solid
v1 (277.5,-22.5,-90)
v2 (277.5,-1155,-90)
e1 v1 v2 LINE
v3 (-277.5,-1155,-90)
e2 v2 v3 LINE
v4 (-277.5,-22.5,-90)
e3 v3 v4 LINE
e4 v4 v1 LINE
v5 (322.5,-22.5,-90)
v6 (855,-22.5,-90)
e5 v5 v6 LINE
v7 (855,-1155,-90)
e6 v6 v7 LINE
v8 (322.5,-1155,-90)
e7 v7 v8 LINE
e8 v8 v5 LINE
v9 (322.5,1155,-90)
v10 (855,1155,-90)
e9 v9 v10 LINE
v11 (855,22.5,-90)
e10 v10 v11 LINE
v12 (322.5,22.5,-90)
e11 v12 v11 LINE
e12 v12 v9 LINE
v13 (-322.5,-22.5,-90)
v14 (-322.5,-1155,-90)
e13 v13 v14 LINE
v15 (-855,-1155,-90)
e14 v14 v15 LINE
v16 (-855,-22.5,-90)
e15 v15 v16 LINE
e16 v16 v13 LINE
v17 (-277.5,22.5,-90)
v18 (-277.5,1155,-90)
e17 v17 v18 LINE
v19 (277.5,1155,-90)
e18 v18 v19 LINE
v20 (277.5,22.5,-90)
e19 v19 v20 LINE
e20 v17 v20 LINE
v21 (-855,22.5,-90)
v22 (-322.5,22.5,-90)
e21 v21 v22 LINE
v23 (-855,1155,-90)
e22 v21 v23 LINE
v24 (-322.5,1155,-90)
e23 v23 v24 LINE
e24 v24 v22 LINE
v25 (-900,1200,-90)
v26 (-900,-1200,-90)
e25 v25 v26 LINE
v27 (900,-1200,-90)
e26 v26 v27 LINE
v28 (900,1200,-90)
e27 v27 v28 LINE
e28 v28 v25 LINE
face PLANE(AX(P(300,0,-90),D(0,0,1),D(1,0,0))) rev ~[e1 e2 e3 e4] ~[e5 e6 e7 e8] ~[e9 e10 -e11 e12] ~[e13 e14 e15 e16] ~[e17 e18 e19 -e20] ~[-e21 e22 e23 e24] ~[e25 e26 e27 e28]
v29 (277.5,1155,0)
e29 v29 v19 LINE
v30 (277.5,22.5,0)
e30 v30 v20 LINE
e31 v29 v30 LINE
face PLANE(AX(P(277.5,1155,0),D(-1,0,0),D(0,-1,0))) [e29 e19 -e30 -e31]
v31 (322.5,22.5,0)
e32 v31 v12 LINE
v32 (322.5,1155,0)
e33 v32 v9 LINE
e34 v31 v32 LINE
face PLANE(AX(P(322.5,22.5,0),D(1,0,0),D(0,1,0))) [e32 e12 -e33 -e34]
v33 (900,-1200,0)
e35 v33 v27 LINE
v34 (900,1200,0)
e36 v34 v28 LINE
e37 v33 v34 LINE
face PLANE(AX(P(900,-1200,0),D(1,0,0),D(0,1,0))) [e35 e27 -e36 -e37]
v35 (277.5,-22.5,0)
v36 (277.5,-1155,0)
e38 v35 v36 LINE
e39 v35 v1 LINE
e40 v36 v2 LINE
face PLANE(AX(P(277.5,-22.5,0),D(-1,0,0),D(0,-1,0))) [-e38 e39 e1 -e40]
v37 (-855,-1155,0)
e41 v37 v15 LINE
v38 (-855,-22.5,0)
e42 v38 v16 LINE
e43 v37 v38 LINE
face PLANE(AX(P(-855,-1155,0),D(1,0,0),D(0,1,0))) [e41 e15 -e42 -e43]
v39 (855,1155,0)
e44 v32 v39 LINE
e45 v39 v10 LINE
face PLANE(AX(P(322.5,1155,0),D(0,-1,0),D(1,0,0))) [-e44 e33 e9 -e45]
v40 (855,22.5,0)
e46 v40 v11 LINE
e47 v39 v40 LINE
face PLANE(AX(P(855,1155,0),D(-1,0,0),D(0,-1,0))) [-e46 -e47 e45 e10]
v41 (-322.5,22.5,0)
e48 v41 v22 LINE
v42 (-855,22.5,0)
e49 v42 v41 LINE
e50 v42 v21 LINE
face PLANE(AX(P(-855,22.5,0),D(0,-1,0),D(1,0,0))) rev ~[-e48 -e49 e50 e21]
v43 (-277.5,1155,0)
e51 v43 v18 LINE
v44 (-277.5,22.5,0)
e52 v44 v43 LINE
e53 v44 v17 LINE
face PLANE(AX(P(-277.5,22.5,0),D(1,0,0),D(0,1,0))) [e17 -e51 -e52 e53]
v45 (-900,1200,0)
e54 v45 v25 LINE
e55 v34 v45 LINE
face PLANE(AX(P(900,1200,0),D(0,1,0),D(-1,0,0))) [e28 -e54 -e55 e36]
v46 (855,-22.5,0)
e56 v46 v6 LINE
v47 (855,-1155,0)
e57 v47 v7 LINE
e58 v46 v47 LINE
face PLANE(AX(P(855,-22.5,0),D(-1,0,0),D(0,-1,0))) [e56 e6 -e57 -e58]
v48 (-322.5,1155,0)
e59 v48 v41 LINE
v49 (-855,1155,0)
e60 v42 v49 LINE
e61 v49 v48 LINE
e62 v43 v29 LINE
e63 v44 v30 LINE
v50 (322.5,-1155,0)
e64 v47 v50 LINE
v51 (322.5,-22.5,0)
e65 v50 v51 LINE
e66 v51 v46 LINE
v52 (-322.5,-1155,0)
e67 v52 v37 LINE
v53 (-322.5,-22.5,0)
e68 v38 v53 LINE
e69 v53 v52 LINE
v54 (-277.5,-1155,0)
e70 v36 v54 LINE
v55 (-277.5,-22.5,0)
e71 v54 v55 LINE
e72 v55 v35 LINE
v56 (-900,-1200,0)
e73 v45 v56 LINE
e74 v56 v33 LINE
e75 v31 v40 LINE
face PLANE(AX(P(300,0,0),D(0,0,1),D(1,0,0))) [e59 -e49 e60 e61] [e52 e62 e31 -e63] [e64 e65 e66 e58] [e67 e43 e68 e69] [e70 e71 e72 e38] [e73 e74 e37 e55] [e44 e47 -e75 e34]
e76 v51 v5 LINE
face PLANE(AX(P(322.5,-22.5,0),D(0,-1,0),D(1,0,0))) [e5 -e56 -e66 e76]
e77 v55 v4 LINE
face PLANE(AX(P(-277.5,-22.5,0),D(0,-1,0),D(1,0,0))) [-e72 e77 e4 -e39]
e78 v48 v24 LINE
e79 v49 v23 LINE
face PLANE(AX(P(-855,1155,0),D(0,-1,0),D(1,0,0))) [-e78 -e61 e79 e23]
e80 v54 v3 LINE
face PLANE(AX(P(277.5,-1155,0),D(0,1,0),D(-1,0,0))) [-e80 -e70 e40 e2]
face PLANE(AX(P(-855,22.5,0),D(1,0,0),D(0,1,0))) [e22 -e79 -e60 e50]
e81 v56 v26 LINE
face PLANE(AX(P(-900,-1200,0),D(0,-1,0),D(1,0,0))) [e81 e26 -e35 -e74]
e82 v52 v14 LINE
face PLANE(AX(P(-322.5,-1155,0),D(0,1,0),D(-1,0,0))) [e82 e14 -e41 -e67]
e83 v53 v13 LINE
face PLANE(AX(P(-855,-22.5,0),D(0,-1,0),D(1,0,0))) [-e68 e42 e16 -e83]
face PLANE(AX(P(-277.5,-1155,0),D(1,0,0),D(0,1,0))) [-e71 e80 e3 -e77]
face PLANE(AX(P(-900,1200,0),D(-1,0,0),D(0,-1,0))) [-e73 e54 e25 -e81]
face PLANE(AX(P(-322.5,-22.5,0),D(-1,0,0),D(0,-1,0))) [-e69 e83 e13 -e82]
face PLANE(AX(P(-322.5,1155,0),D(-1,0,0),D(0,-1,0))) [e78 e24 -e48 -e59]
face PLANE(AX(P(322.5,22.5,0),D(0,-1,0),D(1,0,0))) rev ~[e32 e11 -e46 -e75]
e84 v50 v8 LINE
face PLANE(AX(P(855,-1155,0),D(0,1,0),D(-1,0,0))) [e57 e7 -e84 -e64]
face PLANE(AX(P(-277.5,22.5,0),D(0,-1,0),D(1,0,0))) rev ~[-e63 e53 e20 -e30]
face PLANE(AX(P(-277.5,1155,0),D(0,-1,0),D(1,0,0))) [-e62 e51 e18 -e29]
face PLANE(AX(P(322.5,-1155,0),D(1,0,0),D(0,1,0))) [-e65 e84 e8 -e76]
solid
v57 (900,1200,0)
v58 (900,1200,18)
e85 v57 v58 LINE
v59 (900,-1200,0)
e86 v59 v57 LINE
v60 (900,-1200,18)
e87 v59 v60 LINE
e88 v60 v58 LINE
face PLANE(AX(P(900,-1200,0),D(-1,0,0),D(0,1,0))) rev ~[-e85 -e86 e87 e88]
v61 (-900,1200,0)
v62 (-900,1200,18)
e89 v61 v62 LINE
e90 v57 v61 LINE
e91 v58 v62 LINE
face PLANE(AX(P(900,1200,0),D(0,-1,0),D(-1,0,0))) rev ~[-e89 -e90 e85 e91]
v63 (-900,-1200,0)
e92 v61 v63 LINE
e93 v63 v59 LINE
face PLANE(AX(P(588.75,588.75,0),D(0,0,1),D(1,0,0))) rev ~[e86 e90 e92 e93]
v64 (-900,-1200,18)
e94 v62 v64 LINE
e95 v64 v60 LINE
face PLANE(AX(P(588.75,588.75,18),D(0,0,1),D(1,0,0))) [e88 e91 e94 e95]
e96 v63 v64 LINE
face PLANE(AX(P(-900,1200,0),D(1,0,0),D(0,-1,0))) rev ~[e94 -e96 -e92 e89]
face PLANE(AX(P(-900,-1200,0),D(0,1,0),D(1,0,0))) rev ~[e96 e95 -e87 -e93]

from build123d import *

# Parameters (mm, degrees)
F0_W     = 532.5
F0_H     = 45
F0_W_2   = 555
F1_DEPTH = 90
F0_H_2   = 1132.5
F2_DEPTH = 18


with BuildPart() as f1:
    # F0 (on Top) → F1 (new body)
    with BuildSketch(Plane.XY):
        Polygon((277.5, -1155), (322.5, -1155), (322.5, -22.5), (322.5, 22.5), (322.5, 1155), (277.5, 1155), (277.5, 22.5), (277.5, -22.5), align=None)
        with Locations((588.75, 0)):
            Rectangle(F0_W, F0_H)
        Rectangle(F0_W_2, F0_H)
        with Locations((-588.75, 0)):
            Rectangle(F0_W, F0_H)
        Polygon((-322.5, -22.5), (-322.5, -1155), (-277.5, -1155), (-277.5, -22.5), (-277.5, 22.5), (-277.5, 1155), (-322.5, 1155), (-322.5, 22.5), align=None)
        Polygon((-900, 1155), (-900, -1155), (-855, -1155), (-855, -22.5), (-855, 22.5), (-855, 1155), align=None)
        Polygon((855, -1155), (900, -1155), (900, 1155), (855, 1155), (855, 22.5), (855, -22.5), align=None)
        Polygon((-900, -1200), (900, -1200), (900, -1155), (855, -1155), (322.5, -1155), (277.5, -1155), (-277.5, -1155), (-322.5, -1155), (-855, -1155), (-900, -1155), align=None)
        Polygon((855, 1155), (900, 1155), (900, 1200), (-900, 1200), (-900, 1155), (-855, 1155), (-322.5, 1155), (-277.5, 1155), (277.5, 1155), (322.5, 1155), align=None)
    extrude(amount=-F1_DEPTH)


with BuildPart() as f2:
    # F0 (on Top) → F2 (new body)
    with BuildSketch(Plane.XY):
        with Locations((588.75, 588.75)):
            Rectangle(F0_W, F0_H_2)
        with Locations((588.75, -588.75)):
            Rectangle(F0_W, F0_H_2)
        with Locations((-588.75, -588.75)):
            Rectangle(F0_W, F0_H_2)
        with Locations((-588.75, 0)):
            Rectangle(F0_W, F0_H)
        with Locations((588.75, 0)):
            Rectangle(F0_W, F0_H)
        Polygon((855, -1155), (900, -1155), (900, 1155), (855, 1155), (855, 22.5), (855, -22.5), align=None)
        Polygon((855, 1155), (900, 1155), (900, 1200), (-900, 1200), (-900, 1155), (-855, 1155), (-322.5, 1155), (-277.5, 1155), (277.5, 1155), (322.5, 1155), align=None)
        Polygon((-900, 1155), (-900, -1155), (-855, -1155), (-855, -22.5), (-855, 22.5), (-855, 1155), align=None)
        Polygon((-900, -1200), (900, -1200), (900, -1155), (855, -1155), (322.5, -1155), (277.5, -1155), (-277.5, -1155), (-322.5, -1155), (-855, -1155), (-900, -1155), align=None)
        with Locations((0, -588.75)):
            Rectangle(F0_W_2, F0_H_2)
        with Locations((0, 588.75)):
            Rectangle(F0_W_2, F0_H_2)
        with Locations((-588.75, 588.75)):
            Rectangle(F0_W, F0_H_2)
        Rectangle(F0_W_2, F0_H)
        Polygon((-322.5, -22.5), (-322.5, -1155), (-277.5, -1155), (-277.5, -22.5), (-277.5, 22.5), (-277.5, 1155), (-322.5, 1155), (-322.5, 22.5), align=None)
        Polygon((277.5, -1155), (322.5, -1155), (322.5, -22.5), (322.5, 22.5), (322.5, 1155), (277.5, 1155), (277.5, 22.5), (277.5, -22.5), align=None)
    extrude(amount=F2_DEPTH)


solid = Compound([f1.part, f2.part])
